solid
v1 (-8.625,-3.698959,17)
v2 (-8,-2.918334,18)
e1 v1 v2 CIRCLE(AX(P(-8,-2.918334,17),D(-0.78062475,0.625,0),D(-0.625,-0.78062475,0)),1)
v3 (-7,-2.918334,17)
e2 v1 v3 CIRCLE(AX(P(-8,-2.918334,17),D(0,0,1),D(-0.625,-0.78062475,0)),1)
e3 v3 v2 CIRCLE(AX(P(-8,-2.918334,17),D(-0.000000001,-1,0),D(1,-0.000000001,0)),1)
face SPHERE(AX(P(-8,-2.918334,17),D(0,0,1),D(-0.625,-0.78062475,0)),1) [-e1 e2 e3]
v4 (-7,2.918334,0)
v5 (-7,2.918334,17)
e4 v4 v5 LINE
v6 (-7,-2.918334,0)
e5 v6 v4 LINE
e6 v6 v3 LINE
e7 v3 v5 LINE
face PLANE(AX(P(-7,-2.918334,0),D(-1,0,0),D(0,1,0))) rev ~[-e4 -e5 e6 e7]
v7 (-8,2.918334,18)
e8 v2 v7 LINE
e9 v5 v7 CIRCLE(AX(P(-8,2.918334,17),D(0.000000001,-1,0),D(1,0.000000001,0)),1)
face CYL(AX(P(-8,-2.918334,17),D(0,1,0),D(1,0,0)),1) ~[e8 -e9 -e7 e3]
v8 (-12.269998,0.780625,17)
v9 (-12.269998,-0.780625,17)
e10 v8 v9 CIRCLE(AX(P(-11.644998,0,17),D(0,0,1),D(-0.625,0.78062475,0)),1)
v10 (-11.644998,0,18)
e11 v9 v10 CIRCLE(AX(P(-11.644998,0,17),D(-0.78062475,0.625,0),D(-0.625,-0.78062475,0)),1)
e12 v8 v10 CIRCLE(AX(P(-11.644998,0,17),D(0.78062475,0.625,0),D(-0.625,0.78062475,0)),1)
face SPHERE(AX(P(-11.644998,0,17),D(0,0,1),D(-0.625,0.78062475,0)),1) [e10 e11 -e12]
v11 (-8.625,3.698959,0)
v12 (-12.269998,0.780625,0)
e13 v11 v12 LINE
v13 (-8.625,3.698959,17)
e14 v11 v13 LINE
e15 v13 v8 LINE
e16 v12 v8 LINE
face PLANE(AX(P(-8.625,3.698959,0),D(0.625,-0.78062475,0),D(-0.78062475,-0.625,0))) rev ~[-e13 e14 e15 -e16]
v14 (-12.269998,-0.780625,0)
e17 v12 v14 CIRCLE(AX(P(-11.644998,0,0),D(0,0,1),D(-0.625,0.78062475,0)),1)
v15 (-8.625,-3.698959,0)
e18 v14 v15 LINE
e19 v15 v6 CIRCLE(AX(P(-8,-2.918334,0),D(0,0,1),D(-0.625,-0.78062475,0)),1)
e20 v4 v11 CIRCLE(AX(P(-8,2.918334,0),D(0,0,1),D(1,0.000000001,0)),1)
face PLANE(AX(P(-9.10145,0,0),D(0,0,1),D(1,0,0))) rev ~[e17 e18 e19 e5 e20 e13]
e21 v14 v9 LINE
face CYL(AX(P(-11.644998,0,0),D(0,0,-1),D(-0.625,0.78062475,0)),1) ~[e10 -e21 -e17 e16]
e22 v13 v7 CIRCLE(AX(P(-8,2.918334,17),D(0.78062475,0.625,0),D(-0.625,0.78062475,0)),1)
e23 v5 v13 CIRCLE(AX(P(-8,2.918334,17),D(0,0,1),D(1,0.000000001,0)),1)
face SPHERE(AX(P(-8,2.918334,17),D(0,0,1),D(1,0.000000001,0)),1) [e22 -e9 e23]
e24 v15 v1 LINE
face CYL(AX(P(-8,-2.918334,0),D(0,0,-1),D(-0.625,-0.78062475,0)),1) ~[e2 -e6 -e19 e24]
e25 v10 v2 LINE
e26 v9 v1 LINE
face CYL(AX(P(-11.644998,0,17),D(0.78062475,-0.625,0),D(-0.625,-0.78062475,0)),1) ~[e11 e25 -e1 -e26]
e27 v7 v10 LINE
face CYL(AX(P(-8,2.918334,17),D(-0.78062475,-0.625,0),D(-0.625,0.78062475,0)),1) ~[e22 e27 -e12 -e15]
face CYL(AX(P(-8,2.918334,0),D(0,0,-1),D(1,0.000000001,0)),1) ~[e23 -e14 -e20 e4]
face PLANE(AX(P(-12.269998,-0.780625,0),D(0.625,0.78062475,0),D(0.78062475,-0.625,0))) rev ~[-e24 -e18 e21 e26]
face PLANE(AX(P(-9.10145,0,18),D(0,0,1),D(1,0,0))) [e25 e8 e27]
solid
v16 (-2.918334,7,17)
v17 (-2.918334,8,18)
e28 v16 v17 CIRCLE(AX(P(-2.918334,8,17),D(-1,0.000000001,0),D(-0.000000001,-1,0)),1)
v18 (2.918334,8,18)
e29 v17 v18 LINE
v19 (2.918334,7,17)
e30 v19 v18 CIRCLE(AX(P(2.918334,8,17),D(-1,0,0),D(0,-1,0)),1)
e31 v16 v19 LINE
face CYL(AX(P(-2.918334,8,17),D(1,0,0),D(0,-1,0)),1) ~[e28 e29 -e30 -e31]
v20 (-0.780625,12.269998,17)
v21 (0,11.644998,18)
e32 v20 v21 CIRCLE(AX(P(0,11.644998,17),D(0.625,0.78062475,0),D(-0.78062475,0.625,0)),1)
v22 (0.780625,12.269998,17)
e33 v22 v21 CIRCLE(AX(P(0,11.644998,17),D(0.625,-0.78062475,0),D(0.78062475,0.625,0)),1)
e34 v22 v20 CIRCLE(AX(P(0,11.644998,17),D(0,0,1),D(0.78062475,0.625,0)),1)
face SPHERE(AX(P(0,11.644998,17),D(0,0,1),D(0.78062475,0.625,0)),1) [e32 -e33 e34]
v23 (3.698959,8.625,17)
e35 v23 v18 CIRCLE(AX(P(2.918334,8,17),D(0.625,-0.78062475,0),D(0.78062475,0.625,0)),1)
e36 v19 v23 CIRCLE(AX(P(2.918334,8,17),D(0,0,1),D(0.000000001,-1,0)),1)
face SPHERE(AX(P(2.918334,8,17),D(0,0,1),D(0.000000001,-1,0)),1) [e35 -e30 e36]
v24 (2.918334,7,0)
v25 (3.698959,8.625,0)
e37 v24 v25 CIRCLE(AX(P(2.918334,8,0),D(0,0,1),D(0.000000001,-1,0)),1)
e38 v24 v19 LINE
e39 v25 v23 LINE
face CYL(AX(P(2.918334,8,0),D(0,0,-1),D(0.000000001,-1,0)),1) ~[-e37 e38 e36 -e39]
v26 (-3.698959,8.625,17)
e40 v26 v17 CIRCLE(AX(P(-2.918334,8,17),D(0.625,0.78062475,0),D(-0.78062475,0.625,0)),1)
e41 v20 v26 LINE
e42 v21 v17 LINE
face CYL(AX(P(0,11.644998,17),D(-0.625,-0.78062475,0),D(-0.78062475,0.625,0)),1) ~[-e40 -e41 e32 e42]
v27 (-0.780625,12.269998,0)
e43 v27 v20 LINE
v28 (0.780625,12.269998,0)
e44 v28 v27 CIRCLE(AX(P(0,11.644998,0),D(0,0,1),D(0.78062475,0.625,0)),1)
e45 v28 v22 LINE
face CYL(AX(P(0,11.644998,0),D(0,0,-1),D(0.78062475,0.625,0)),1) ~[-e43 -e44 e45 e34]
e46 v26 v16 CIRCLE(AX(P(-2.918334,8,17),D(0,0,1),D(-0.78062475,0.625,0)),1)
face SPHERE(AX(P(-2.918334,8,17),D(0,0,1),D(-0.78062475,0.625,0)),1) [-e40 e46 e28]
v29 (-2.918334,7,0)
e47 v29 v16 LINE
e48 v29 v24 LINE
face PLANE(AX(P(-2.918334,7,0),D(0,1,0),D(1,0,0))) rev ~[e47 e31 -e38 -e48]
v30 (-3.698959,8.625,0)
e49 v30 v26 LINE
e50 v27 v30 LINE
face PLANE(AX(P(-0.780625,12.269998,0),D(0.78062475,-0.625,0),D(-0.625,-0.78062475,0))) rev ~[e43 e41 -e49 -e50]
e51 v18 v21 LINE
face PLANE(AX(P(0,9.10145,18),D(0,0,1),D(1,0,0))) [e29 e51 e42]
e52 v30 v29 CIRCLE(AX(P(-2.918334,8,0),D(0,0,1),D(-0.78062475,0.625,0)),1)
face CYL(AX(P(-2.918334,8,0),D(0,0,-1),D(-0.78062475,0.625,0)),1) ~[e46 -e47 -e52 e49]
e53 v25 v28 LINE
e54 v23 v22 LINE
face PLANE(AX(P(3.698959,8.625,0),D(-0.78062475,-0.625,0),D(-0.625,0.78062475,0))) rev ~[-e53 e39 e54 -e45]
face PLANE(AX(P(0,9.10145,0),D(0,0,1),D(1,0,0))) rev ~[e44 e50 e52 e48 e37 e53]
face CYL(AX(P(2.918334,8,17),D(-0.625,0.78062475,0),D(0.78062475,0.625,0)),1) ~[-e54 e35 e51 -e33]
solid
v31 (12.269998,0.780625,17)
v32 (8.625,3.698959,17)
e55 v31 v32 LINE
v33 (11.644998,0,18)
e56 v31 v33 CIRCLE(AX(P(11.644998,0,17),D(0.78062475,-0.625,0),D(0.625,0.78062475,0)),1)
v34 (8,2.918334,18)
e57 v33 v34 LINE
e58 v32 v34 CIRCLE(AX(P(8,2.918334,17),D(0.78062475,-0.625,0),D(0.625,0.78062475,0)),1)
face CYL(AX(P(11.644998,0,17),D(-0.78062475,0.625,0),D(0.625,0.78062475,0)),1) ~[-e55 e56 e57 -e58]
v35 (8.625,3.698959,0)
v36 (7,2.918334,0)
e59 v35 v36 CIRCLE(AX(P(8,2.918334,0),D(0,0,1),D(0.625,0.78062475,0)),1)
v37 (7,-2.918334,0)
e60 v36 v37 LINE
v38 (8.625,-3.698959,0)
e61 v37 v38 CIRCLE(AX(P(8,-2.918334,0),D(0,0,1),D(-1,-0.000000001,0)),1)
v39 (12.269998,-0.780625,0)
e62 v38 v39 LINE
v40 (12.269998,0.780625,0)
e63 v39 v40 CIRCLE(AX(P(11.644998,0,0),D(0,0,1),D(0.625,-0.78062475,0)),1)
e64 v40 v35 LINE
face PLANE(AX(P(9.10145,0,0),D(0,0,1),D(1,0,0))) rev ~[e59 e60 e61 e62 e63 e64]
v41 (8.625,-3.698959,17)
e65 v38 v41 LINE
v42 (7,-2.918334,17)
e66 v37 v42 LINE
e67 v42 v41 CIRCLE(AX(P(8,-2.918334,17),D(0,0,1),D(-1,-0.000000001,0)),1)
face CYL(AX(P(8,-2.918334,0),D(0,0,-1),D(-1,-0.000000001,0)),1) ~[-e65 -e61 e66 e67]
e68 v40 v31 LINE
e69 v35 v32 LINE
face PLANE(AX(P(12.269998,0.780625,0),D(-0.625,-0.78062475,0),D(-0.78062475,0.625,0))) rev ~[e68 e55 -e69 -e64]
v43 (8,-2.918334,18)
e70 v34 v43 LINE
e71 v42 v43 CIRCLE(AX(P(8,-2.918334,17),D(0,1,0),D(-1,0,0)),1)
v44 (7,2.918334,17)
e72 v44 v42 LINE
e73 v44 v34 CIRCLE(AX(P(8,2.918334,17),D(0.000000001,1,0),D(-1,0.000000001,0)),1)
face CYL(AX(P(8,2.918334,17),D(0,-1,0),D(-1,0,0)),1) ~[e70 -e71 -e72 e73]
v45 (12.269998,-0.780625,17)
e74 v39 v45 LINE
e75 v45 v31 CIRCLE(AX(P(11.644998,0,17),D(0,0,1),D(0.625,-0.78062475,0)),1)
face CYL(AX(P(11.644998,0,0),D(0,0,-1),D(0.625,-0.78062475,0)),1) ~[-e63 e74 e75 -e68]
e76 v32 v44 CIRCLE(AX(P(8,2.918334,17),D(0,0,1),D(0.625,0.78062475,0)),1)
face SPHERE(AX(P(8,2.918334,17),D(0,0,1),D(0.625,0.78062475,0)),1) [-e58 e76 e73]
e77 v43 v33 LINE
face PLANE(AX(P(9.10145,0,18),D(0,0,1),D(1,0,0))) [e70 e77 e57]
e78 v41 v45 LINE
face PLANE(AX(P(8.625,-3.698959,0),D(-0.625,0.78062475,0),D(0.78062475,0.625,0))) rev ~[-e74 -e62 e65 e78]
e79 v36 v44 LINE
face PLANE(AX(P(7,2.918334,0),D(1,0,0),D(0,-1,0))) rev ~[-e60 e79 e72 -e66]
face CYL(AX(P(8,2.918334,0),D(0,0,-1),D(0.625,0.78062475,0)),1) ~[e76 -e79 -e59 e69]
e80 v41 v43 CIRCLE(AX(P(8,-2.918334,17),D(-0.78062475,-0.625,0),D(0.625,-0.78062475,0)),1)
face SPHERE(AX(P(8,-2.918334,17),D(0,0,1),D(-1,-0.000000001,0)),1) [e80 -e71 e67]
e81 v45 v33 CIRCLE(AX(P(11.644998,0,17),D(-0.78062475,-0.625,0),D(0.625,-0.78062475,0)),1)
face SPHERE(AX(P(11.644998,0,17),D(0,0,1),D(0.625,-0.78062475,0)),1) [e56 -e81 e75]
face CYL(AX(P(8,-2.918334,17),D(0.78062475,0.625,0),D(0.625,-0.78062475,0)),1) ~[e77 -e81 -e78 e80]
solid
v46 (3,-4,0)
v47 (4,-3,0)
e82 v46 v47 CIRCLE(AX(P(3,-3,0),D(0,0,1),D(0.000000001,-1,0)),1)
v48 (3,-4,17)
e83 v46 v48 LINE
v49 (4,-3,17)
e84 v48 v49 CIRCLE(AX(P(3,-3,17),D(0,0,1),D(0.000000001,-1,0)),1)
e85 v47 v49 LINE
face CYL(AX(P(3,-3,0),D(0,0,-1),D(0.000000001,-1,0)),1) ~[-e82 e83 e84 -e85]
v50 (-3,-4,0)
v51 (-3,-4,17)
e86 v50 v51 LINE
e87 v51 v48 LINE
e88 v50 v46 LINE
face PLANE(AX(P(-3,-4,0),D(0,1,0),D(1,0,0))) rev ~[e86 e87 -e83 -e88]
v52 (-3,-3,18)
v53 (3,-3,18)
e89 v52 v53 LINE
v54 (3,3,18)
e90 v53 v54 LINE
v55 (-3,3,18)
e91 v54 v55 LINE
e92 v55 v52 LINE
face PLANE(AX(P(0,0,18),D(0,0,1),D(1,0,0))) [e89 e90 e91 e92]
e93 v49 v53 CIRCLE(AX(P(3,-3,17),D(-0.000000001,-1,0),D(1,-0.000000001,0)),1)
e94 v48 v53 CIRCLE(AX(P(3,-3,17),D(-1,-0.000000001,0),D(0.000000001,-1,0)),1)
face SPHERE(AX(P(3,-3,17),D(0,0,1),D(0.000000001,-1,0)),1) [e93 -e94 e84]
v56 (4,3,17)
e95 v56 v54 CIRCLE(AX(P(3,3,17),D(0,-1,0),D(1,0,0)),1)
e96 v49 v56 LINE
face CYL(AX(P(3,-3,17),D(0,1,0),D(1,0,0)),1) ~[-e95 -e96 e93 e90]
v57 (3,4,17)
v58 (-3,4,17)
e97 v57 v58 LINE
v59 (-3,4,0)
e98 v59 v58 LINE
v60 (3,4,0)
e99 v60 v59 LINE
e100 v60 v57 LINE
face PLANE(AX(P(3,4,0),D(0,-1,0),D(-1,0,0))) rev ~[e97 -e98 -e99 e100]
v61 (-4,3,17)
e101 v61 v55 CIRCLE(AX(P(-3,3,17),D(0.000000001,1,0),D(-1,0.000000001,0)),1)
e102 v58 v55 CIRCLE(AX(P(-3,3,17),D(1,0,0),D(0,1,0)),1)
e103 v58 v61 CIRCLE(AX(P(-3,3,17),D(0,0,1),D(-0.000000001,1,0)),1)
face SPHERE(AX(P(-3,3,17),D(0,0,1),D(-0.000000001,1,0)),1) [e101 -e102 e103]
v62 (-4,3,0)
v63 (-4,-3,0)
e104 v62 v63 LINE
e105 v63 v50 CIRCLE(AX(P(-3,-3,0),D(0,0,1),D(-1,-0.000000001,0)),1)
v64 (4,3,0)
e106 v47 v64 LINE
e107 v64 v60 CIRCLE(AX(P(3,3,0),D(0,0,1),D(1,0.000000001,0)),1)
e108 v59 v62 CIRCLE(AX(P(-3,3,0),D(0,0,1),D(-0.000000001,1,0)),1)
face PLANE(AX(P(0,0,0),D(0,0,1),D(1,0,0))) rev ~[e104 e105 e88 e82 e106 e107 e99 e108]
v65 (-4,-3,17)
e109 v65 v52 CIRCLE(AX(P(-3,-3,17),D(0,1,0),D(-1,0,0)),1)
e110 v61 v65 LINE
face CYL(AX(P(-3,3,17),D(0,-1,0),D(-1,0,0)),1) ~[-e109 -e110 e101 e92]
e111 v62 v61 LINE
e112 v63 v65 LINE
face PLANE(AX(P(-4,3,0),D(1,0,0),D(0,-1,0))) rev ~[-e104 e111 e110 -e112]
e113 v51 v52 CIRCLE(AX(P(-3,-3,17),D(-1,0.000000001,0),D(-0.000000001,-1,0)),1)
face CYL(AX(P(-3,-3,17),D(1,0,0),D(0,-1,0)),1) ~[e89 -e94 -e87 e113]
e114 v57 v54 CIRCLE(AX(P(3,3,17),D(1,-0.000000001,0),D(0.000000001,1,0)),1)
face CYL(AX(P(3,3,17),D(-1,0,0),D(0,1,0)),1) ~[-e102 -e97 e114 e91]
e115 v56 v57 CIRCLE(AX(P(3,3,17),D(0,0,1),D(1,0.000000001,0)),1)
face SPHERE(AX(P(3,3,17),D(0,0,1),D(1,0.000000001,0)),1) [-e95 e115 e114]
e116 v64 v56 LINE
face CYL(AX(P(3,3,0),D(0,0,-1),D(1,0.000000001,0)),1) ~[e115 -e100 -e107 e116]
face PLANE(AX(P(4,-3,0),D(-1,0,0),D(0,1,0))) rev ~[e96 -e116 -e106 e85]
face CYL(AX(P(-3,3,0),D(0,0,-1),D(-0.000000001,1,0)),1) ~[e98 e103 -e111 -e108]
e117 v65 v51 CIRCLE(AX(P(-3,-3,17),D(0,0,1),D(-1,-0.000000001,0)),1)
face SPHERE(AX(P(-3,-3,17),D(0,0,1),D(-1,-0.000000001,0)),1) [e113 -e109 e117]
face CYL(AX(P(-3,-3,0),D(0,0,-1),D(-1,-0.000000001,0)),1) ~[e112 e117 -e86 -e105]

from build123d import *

# Parameters (mm, degrees)
BOSS_EXTRUDE1_DEPTH   = 18
BOSS_EXTRUDE1_2_DEPTH = 18
BOSS_EXTRUDE1_3_DEPTH = 18
BOSS_EXTRUDE1_4_DEPTH = 18
FILLET1_R             = 1
FILLET2_R             = 1
FILLET3_R             = 1
FILLET4_R             = 1


with BuildPart() as part:
    # Sketch1 → Boss-Extrude1 (new body)
    with BuildSketch(Plane.XY):
        with BuildLine():
            Line((-0.78062475, 12.269997998), (-3.69895875, 8.625))
            ThreePointArc((-3.69895875, 8.625), (-3.819721819, 7.566987298), (-2.918334001, 7))
            Line((-2.918334001, 7), (2.918334001, 7))
            ThreePointArc((2.918334001, 7), (3.819721819, 7.566987298), (3.69895875, 8.625))
            Line((3.69895875, 8.625), (0.78062475, 12.269997998))
            ThreePointArc((0.78062475, 12.269997998), (0, 12.644997998), (-0.78062475, 12.269997998))
        make_face()
    extrude(amount=BOSS_EXTRUDE1_DEPTH)

    # Fillet1
    fillet1_edges = [part.edges().sort_by_distance(p)[0] for p in [
        (0, 12.644997998, 18),
        (-2.23979175, 10.447498999, 18),
        (-3.819721819, 7.566987298, 18),
        (0, 7, 18),
        (3.819721819, 7.566987298, 18),
        (2.23979175, 10.447498999, 18),
    ]]
    fillet(fillet1_edges, radius=FILLET1_R)


with BuildPart() as body_2:
    # Sketch1 → Boss-Extrude1 2 (new body)
    with BuildSketch(Plane.XY):
        with BuildLine():
            Line((8.625, -3.69895875), (12.269997998, -0.78062475))
            ThreePointArc((12.269997998, -0.78062475), (12.644997998, 0), (12.269997998, 0.78062475))
            Line((12.269997998, 0.78062475), (8.625, 3.69895875))
            ThreePointArc((8.625, 3.69895875), (7.566987298, 3.819721819), (7, 2.918334001))
            Line((7, 2.918334001), (7, -2.918334001))
            ThreePointArc((7, -2.918334001), (7.566987298, -3.819721819), (8.625, -3.69895875))
        make_face()
    extrude(amount=BOSS_EXTRUDE1_2_DEPTH)

    # Fillet4
    fillet4_edges = [body_2.edges().sort_by_distance(p)[0] for p in [
        (12.644997998, 0, 18),
        (10.447498999, 2.23979175, 18),
        (7.566987298, 3.819721819, 18),
        (7, 0, 18),
        (7.566987298, -3.819721819, 18),
        (10.447498999, -2.23979175, 18),
    ]]
    fillet(fillet4_edges, radius=FILLET4_R)


with BuildPart() as body_3:
    # Sketch1 → Boss-Extrude1 3 (new body)
    with BuildSketch(Plane.XY):
        with BuildLine():
            Line((-3, -4), (3, -4))
            ThreePointArc((3, -4), (3.707106781, -3.707106781), (4, -3))
            Line((4, -3), (4, 3))
            ThreePointArc((4, 3), (3.707106781, 3.707106781), (3, 4))
            Line((3, 4), (-3, 4))
            ThreePointArc((-3, 4), (-3.707106781, 3.707106781), (-4, 3))
            Line((-4, 3), (-4, -3))
            ThreePointArc((-4, -3), (-3.707106781, -3.707106781), (-3, -4))
        make_face()
    extrude(amount=BOSS_EXTRUDE1_3_DEPTH)

    # Fillet3
    fillet3_edges = [body_3.edges().sort_by_distance(p)[0] for p in [
        (3.707106781, -3.707106781, 18),
        (4, 0, 18),
        (3.707106781, 3.707106781, 18),
        (0, 4, 18),
        (-3.707106781, 3.707106781, 18),
        (-4, 0, 18),
        (-3.707106781, -3.707106781, 18),
        (0, -4, 18),
    ]]
    fillet(fillet3_edges, radius=FILLET3_R)


with BuildPart() as body_4:
    # Sketch1 → Boss-Extrude1 4 (new body)
    with BuildSketch(Plane.XY):
        with BuildLine():
            Line((-8.625, 3.69895875), (-12.269997998, 0.78062475))
            ThreePointArc((-12.269997998, 0.78062475), (-12.644997998, 0), (-12.269997998, -0.78062475))
            Line((-12.269997998, -0.78062475), (-8.625, -3.69895875))
            ThreePointArc((-8.625, -3.69895875), (-7.566987298, -3.819721819), (-7, -2.918334001))
            Line((-7, -2.918334001), (-7, 2.918334001))
            ThreePointArc((-7, 2.918334001), (-7.566987298, 3.819721819), (-8.625, 3.69895875))
        make_face()
    extrude(amount=BOSS_EXTRUDE1_4_DEPTH)

    # Fillet2
    fillet2_edges = [body_4.edges().sort_by_distance(p)[0] for p in [
        (-7.566987298, 3.819721819, 18),
        (-10.447498999, 2.23979175, 18),
        (-12.644997998, 0, 18),
        (-10.447498999, -2.23979175, 18),
        (-7.566987298, -3.819721819, 18),
        (-7, 0, 18),
    ]]
    fillet(fillet2_edges, radius=FILLET2_R)


solid = Compound([part.part, body_2.part, body_3.part, body_4.part])
